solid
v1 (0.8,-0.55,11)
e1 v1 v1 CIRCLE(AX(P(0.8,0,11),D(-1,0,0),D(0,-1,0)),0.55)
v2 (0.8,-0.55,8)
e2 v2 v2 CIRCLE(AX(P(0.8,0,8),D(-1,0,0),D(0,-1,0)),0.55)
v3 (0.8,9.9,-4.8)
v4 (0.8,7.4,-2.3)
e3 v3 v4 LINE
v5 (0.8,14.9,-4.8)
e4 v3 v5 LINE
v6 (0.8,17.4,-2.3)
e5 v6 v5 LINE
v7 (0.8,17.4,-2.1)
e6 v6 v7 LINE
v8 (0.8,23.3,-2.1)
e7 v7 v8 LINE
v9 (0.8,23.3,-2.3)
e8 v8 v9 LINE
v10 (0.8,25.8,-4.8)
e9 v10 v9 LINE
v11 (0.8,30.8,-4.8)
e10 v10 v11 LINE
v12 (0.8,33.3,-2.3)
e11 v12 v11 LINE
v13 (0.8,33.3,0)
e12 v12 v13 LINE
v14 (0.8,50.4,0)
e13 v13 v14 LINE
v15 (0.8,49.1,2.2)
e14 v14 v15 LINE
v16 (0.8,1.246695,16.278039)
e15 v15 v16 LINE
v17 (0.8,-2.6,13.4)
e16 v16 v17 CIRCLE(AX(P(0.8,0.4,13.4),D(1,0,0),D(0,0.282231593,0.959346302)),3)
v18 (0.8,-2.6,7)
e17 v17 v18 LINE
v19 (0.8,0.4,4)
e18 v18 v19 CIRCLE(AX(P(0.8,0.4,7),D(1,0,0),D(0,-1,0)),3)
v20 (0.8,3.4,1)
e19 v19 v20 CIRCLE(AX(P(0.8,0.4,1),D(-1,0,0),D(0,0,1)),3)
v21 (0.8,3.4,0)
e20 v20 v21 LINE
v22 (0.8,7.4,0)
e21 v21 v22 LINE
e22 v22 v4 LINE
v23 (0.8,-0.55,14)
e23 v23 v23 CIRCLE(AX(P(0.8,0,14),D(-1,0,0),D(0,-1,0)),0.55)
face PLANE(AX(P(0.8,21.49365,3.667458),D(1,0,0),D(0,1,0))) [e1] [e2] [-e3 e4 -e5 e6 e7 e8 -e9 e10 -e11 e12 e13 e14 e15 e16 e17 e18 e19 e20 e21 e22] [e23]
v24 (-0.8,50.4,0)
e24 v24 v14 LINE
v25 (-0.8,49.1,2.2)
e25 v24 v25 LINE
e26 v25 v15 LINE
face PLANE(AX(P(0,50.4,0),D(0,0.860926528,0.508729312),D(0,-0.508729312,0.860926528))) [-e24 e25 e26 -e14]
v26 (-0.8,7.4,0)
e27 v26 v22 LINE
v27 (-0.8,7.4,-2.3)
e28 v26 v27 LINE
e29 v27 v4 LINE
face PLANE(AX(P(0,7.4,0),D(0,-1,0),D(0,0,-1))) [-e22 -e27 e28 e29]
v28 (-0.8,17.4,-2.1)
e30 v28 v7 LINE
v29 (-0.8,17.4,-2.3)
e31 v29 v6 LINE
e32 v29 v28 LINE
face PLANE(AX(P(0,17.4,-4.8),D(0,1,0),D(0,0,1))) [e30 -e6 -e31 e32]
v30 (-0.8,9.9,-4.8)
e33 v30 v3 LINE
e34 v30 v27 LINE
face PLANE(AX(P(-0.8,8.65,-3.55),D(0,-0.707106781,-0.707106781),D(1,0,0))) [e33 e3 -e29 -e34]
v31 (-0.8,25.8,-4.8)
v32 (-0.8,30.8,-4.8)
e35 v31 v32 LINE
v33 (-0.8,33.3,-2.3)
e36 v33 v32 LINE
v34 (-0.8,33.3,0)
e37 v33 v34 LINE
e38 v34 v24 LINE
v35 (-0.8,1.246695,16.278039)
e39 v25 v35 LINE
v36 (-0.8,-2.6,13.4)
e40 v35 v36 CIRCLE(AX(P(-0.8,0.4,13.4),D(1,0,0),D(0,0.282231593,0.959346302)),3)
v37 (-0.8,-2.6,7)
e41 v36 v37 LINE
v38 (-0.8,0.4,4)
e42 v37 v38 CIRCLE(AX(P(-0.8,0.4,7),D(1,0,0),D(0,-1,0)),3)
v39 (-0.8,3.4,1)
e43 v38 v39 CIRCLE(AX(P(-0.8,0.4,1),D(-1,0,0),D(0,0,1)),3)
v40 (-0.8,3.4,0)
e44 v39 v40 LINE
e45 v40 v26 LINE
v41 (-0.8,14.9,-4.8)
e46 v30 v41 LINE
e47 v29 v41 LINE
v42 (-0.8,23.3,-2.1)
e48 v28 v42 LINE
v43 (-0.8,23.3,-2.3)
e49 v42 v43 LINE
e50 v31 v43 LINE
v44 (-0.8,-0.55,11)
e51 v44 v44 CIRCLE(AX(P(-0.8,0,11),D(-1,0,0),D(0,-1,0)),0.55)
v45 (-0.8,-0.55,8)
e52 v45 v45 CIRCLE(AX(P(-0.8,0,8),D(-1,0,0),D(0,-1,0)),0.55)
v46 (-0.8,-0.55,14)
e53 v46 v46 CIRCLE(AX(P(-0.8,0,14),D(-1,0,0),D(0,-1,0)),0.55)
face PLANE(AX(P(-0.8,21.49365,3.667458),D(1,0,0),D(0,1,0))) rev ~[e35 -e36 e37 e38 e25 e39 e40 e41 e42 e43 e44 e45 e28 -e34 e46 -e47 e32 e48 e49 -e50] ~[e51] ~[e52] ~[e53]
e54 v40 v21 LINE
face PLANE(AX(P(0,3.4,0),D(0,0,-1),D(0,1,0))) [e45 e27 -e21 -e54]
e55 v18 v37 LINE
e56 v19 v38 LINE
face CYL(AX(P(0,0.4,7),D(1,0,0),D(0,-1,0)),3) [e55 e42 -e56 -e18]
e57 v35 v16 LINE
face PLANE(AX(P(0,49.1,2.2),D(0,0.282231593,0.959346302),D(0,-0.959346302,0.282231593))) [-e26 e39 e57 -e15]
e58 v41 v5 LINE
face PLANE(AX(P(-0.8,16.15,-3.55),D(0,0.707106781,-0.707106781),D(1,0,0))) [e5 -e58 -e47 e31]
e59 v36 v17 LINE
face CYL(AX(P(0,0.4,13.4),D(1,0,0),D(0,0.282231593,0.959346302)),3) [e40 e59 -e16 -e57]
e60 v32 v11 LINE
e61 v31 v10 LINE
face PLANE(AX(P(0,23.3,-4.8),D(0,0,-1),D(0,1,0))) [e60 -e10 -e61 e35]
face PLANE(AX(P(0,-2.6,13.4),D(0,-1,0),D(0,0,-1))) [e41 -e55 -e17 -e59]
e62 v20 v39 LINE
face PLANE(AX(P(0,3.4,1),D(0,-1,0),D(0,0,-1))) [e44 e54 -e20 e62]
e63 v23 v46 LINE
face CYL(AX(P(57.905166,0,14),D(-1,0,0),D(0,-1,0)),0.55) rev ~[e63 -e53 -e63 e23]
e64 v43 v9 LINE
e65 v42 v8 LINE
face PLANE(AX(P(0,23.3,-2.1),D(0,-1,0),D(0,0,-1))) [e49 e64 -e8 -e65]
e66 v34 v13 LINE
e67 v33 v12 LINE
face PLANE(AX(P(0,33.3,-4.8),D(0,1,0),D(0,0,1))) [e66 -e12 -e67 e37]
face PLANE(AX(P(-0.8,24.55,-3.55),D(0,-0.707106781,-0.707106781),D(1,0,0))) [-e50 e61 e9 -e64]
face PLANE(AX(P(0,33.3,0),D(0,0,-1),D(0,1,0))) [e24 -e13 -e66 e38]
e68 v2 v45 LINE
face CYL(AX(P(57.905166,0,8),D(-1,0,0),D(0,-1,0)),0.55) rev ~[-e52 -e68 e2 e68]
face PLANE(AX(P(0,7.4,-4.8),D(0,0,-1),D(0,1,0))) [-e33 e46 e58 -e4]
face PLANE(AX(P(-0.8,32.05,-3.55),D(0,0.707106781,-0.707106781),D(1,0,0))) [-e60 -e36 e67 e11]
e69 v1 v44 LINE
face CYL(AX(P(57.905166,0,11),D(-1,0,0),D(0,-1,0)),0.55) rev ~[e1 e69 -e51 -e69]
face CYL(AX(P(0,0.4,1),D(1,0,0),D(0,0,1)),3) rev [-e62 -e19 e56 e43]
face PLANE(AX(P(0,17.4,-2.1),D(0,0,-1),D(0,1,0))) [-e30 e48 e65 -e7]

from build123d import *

# Parameters (mm, degrees)
F1_DEPTH = 0.8
F2_SIZE  = 2.5
F4_D     = 1.1


with BuildPart() as f1:
    # F0 (on Right) → F1 (new body, symmetric)
    with BuildSketch(Plane.YZ):
        with BuildLine():
            Line((3.4, 1), (3.4, 0))
            Line((3.4, 0), (7.4, 0))
            Line((7.4, 0), (7.4, -4.8))
            Line((7.4, -4.8), (17.4, -4.8))
            Line((17.4, -4.8), (17.4, -2.1))
            Line((17.4, -2.1), (23.3, -2.1))
            Line((23.3, -2.1), (23.3, -4.8))
            Line((23.3, -4.8), (33.3, -4.8))
            Line((33.3, -4.8), (33.3, 0))
            Line((33.3, 0), (50.4, 0))
            Line((50.4, 0), (49.1, 2.2))
            Line((49.1, 2.2), (1.2466947794, 16.278038907))
            ThreePointArc((1.2466947794, 16.278038907), (-1.3972083437, 15.8020912075), (-2.6, 13.4))
            Line((-2.6, 13.4), (-2.6, 7))
            ThreePointArc((-2.6, 7), (-1.7213203436, 4.8786796564), (0.4, 4))
            ThreePointArc((0.4, 4), (2.5213203436, 3.1213203436), (3.4, 1))
        make_face()
    extrude(amount=F1_DEPTH, both=True)

    # F2
    f2_edges = [f1.edges().sort_by_distance(p)[0] for p in [
        (0, 7.4, -4.8),
        (0, 23.3, -4.8),
        (0, 17.4, -4.8),
        (0, 33.3, -4.8),
    ]]
    chamfer(f2_edges, length=F2_SIZE)

    # F4 (through all)
    with Locations(Plane.YZ.offset(0.8)):
        with Locations((0, 14), (0, 11), (0, 8)):
            Hole(F4_D / 2)


solid = f1.part
